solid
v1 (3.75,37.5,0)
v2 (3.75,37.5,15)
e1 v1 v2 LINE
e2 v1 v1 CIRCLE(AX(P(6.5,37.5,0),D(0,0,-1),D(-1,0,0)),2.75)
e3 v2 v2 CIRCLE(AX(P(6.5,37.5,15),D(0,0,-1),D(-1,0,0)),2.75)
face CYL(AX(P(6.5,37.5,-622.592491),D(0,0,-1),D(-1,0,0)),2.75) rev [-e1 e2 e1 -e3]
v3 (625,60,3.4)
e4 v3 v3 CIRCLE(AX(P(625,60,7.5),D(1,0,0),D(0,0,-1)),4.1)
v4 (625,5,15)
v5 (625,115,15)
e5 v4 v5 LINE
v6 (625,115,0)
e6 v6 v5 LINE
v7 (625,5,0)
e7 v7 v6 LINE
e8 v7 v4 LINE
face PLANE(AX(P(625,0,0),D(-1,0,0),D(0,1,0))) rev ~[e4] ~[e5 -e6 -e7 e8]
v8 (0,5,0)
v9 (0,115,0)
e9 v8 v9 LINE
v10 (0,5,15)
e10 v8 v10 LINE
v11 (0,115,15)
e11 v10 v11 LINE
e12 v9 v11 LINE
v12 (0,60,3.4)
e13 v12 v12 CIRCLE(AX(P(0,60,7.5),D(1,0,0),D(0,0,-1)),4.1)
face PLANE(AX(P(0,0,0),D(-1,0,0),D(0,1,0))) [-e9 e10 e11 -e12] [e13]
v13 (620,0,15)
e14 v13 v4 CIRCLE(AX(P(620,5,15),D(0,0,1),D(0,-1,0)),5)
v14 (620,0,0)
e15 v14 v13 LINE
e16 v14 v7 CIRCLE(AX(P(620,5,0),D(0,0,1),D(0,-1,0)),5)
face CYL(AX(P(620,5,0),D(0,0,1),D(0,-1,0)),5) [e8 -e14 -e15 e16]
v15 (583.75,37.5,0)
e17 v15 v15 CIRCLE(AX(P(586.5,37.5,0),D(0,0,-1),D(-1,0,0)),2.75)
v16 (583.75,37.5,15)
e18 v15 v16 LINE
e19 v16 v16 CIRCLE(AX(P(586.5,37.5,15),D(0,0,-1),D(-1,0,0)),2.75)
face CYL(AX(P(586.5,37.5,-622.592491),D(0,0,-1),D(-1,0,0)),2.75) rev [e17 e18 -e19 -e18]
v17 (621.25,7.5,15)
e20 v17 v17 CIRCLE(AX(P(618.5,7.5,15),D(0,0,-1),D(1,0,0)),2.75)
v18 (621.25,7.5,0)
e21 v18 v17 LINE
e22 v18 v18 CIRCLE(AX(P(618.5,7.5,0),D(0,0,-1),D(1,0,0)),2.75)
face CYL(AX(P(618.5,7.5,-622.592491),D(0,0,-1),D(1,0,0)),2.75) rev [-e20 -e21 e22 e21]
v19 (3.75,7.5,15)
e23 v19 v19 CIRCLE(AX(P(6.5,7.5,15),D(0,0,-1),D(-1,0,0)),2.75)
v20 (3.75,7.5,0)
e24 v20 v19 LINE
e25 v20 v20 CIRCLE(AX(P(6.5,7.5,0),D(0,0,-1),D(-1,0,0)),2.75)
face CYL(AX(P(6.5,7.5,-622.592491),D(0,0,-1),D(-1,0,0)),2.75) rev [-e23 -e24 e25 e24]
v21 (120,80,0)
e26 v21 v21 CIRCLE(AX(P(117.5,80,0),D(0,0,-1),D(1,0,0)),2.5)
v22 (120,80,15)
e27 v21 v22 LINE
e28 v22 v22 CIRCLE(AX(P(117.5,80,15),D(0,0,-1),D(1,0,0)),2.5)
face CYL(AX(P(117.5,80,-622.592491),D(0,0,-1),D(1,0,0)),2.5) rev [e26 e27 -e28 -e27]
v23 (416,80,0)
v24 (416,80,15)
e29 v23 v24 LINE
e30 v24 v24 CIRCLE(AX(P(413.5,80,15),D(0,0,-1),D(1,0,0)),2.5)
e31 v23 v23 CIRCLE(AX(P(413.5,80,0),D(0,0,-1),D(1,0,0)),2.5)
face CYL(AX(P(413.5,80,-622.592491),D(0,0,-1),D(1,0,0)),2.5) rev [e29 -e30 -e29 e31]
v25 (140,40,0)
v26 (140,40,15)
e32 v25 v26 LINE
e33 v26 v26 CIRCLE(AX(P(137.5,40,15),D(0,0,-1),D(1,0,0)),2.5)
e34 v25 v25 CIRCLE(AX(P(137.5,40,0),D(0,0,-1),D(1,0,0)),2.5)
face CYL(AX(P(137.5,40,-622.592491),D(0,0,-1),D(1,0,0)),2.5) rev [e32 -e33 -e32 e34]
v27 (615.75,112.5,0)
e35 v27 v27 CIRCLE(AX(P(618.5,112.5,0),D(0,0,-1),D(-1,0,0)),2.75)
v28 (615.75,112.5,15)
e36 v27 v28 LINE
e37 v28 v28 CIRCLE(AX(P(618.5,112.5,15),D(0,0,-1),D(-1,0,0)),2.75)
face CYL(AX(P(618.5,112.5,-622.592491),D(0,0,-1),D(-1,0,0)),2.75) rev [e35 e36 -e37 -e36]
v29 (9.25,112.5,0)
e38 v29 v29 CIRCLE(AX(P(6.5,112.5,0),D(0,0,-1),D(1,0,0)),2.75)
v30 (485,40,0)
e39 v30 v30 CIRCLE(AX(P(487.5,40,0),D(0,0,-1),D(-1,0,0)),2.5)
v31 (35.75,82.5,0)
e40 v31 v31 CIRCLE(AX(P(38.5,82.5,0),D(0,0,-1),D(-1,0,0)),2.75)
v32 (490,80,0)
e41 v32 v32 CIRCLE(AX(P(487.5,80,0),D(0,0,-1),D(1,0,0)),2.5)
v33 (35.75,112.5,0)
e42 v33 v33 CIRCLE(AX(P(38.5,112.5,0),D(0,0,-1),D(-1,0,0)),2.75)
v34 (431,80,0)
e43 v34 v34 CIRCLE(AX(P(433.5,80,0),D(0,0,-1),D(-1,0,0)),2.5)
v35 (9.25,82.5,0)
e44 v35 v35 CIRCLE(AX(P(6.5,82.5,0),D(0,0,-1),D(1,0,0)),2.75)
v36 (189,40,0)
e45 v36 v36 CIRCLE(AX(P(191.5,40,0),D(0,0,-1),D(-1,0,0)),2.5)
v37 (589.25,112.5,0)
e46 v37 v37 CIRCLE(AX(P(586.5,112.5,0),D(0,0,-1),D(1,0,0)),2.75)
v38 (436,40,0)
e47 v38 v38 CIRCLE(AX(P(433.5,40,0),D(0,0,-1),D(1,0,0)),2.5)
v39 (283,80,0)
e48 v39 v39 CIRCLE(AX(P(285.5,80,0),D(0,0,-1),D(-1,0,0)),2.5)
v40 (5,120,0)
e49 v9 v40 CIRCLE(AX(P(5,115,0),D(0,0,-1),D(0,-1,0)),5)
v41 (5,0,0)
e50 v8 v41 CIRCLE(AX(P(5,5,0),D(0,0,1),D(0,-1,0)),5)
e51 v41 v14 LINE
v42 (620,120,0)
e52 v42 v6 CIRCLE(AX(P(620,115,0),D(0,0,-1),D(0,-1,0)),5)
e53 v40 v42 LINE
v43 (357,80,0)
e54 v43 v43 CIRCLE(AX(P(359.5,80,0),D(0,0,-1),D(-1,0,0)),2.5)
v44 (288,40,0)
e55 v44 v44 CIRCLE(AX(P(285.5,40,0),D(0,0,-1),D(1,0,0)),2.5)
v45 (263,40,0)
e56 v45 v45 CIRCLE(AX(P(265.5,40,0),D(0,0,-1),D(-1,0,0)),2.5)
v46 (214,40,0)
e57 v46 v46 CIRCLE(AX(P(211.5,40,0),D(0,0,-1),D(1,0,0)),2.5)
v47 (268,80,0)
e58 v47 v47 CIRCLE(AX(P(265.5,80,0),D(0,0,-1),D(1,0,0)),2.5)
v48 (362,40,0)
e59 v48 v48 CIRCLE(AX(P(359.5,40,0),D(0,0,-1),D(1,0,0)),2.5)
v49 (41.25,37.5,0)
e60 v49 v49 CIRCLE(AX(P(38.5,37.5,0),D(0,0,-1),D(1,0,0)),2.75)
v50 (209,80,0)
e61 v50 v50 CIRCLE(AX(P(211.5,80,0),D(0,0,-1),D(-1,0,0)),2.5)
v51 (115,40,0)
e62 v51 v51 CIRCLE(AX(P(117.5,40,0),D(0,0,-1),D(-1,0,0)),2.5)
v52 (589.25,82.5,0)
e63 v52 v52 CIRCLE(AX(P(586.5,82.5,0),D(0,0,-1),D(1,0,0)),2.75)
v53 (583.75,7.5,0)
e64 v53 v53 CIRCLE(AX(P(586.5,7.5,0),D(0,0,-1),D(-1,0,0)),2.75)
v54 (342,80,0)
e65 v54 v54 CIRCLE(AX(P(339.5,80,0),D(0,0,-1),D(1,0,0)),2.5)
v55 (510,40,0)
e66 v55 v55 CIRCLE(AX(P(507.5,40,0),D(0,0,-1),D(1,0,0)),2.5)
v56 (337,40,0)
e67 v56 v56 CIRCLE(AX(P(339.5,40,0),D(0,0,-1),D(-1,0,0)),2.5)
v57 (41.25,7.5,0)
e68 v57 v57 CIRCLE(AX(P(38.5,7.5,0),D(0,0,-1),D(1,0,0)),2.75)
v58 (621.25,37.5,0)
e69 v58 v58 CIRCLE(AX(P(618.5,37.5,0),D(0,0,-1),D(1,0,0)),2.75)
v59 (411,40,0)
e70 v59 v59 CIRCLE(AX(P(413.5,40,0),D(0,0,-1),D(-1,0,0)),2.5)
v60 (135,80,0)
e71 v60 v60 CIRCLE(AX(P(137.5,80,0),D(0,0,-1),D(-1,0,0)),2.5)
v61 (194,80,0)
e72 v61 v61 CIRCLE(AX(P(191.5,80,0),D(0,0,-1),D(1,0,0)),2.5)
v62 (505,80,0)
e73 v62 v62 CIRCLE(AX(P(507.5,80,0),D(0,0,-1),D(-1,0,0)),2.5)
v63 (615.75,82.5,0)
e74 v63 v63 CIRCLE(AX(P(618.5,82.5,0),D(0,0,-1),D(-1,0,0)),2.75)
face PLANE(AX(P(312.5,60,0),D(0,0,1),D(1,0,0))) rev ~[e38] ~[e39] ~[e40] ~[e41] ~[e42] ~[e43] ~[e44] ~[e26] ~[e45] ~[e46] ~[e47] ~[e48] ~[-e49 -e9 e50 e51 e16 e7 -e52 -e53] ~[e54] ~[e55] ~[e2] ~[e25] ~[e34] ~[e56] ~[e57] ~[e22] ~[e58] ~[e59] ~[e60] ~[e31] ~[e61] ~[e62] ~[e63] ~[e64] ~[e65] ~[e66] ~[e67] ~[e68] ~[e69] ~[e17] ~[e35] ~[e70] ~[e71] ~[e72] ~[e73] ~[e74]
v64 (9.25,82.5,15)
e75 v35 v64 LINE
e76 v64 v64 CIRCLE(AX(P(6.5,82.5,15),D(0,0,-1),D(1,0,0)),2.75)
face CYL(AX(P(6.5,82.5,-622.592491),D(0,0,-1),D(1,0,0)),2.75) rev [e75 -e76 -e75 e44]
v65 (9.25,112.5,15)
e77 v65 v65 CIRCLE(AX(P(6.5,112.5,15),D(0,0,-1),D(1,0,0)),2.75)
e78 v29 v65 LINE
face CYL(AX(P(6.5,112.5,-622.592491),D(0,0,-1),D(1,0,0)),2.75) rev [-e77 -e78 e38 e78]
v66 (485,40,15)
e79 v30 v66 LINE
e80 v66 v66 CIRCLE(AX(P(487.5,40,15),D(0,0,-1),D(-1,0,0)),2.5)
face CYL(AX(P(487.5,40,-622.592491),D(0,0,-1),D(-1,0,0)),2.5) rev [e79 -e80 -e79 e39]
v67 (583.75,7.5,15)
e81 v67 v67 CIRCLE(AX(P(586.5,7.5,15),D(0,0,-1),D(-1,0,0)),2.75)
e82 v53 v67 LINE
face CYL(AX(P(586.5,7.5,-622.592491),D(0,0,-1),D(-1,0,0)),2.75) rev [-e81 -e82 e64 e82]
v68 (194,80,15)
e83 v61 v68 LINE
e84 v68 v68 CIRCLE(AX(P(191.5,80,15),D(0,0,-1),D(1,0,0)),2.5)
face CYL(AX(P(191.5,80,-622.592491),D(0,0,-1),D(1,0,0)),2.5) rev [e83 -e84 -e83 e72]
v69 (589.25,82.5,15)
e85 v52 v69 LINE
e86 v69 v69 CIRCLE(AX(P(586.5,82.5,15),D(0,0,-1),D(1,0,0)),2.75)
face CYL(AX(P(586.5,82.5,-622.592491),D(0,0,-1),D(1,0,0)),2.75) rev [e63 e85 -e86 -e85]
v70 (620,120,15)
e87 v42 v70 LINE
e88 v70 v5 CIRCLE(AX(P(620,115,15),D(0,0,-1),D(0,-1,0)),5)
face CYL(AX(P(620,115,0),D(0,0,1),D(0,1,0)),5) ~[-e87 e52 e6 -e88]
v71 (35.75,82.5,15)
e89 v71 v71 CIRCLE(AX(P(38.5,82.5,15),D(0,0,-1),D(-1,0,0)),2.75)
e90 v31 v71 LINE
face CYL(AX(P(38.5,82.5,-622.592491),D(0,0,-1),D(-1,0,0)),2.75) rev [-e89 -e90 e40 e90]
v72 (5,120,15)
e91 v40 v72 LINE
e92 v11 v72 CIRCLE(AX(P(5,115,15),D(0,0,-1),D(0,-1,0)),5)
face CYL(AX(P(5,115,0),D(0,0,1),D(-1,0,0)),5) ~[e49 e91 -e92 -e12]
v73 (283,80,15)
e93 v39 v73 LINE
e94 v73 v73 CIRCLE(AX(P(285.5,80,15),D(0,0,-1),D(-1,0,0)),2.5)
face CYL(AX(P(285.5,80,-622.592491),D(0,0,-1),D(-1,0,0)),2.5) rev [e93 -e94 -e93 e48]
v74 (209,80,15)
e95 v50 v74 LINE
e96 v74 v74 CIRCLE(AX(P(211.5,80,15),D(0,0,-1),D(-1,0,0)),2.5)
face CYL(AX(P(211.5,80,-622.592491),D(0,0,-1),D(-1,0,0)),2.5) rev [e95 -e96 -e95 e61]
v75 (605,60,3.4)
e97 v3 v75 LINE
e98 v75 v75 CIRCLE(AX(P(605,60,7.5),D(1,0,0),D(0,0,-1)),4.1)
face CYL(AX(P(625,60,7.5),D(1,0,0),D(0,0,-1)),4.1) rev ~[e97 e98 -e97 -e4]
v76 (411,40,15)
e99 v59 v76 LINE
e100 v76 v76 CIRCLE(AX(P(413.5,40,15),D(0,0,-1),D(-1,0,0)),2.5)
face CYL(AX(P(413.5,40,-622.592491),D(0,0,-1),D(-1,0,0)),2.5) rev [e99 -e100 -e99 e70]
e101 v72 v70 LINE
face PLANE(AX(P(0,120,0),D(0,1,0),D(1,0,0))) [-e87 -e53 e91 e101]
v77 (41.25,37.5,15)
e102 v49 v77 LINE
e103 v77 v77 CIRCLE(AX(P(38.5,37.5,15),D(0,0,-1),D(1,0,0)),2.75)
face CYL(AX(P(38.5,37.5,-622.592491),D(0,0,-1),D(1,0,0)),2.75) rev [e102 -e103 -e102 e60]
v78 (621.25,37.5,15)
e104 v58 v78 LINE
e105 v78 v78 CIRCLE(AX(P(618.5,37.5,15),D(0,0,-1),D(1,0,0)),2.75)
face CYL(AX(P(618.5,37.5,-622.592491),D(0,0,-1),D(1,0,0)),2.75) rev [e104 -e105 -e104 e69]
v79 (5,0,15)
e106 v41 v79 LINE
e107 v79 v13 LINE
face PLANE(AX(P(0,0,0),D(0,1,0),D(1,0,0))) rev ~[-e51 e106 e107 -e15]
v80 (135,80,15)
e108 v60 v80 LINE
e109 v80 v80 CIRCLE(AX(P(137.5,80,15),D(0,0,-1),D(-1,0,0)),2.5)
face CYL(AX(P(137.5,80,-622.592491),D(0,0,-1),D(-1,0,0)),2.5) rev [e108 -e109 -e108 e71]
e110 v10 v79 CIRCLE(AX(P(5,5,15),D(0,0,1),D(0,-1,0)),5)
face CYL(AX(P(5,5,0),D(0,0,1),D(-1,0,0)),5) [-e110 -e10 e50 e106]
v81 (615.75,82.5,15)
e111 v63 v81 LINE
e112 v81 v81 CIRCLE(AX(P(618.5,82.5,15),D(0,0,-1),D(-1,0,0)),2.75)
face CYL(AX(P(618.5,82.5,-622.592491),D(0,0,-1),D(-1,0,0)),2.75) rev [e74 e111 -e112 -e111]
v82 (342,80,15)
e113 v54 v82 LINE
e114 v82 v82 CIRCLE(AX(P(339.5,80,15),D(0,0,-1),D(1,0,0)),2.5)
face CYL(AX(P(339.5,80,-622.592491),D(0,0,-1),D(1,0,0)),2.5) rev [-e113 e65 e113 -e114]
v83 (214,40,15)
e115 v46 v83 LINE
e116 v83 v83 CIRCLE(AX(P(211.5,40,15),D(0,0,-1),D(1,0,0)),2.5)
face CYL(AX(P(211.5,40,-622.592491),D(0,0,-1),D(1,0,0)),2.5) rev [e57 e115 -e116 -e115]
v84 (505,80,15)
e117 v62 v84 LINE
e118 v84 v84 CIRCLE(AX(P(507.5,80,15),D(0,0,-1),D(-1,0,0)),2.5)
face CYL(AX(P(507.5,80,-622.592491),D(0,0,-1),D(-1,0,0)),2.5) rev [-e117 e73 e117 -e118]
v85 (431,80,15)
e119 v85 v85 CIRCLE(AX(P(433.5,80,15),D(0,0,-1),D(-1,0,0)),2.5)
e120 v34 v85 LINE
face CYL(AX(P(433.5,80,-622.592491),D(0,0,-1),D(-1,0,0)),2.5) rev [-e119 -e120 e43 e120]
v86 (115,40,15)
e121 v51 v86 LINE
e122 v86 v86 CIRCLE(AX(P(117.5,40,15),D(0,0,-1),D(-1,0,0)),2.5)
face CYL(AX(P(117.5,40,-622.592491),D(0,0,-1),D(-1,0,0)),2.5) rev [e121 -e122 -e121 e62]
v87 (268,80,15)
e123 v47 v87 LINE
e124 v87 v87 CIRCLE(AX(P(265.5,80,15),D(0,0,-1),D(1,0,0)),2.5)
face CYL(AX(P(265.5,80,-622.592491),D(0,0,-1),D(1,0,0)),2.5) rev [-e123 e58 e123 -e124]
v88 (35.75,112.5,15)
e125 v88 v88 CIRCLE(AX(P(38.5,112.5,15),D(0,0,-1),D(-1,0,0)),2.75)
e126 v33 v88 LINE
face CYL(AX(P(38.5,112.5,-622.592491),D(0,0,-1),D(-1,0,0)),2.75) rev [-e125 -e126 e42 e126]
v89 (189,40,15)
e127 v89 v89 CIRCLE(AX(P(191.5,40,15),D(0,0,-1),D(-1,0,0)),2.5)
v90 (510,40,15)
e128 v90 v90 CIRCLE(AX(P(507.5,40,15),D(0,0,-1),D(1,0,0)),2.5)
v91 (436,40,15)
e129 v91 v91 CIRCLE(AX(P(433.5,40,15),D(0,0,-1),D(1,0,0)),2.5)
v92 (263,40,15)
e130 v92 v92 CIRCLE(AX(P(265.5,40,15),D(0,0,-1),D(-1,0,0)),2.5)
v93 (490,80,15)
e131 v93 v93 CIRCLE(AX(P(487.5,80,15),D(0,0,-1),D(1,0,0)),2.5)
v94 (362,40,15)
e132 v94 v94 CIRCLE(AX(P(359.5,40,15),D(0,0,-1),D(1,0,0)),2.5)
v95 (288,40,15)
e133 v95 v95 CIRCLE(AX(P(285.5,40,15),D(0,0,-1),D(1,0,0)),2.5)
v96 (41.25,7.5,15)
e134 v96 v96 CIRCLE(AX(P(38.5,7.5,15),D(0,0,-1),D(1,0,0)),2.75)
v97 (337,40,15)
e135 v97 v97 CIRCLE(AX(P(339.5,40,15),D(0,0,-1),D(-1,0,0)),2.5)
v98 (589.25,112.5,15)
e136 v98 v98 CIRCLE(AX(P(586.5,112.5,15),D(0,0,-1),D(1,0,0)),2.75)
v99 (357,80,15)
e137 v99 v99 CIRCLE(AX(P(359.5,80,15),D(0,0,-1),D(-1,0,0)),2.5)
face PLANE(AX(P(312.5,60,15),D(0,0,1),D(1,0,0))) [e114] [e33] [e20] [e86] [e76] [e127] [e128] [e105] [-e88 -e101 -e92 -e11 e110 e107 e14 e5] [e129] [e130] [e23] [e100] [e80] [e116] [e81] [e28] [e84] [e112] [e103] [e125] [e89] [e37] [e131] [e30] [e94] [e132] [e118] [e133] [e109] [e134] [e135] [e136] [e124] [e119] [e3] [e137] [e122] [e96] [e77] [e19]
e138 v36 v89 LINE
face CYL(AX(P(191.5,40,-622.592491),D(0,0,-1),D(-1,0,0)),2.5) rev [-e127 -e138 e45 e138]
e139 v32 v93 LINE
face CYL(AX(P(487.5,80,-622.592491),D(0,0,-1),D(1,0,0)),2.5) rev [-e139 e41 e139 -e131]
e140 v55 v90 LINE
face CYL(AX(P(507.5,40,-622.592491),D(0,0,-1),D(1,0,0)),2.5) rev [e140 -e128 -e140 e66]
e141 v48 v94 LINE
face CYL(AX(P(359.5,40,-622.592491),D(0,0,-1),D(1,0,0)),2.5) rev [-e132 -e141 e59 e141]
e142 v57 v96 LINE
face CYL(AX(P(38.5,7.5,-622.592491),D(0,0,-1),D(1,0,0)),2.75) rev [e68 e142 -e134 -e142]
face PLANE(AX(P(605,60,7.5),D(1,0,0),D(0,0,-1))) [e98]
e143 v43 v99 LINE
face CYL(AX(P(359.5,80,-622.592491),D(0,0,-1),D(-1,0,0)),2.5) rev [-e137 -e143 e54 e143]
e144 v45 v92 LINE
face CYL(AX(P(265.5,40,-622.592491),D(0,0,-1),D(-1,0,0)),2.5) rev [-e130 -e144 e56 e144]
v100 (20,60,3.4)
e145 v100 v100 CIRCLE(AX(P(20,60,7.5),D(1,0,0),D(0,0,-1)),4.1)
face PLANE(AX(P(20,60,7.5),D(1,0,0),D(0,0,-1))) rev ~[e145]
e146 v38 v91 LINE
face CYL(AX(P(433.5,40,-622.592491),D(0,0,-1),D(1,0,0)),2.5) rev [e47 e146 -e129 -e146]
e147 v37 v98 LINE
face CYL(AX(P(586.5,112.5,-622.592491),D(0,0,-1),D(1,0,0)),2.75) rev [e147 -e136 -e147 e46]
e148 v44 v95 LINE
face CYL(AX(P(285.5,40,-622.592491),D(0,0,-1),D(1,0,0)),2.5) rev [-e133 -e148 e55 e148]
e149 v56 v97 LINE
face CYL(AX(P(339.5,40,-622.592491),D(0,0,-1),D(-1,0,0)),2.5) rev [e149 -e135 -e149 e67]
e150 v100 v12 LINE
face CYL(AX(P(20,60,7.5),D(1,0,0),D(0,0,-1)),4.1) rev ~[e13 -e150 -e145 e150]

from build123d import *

# Parameters (mm, degrees)
ESQUISSE1_W                  = 625
ESQUISSE1_H                  = 120
BOSS_EXTRU_1_DEPTH           = 15
ENL_V_MAT_EXTRU_1_DEPTH      = 637.592491316
ENL_V_MAT_EXTRU_1_DEPTH_BACK = 637.592491316
ESQUISSE2_R                  = 2.75
CONG_1_R                     = 5
ESQUISSE3_R                  = 4.1
ENL_V_MAT_EXTRU_2_DEPTH      = 20
ENL_V_START                  = -605
ESQUISSE3_2_R                = 4.1
ENL_V_MAT_EXTRU_3_DEPTH      = 20
ENL_V_MAT_EXTRU_4_DEPTH      = 637.592491316
ENL_V_MAT_EXTRU_4_DEPTH_BACK = 637.592491316
ESQUISSE4_R                  = 2.5


with BuildPart() as part:
    # Esquisse1 → Boss.-Extru.1 (new body)
    with BuildSketch(Plane.XY):
        with Locations((312.5, 60)):
            Rectangle(ESQUISSE1_W, ESQUISSE1_H)
    extrude(amount=BOSS_EXTRU_1_DEPTH)

    # Esquisse2 → Enlèv. mat.-Extru.1 (cut, two sides: drawn at the far end of the back side and taken through both)
    with BuildSketch(Plane.XY.offset(15).offset(-ENL_V_MAT_EXTRU_1_DEPTH_BACK)):
        with Locations((6.5, 112.5)):
            Circle(ESQUISSE2_R)
        with Locations((6.5, 82.5)):
            Circle(ESQUISSE2_R)
        with Locations(Location((38.5, 82.5, 0), (0, 0, 180))):
            Circle(ESQUISSE2_R)
        with Locations(Location((38.5, 112.5, 0), (0, 0, 180))):
            Circle(ESQUISSE2_R)
        with Locations((38.5, 7.5)):
            Circle(ESQUISSE2_R)
        with Locations((38.5, 37.5)):
            Circle(ESQUISSE2_R)
        with Locations(Location((6.5, 37.5, 0), (0, 0, 180))):
            Circle(ESQUISSE2_R)
        with Locations(Location((6.5, 7.5, 0), (0, 0, 180))):
            Circle(ESQUISSE2_R)
        with Locations((618.5, 7.5)):
            Circle(ESQUISSE2_R)
        with Locations((618.5, 37.5)):
            Circle(ESQUISSE2_R)
        with Locations(Location((586.5, 37.5, 0), (0, 0, 180))):
            Circle(ESQUISSE2_R)
        with Locations(Location((586.5, 7.5, 0), (0, 0, 180))):
            Circle(ESQUISSE2_R)
        with Locations((586.5, 112.5)):
            Circle(ESQUISSE2_R)
        with Locations((586.5, 82.5)):
            Circle(ESQUISSE2_R)
        with Locations(Location((618.5, 82.5, 0), (0, 0, 180))):
            Circle(ESQUISSE2_R)
        with Locations(Location((618.5, 112.5, 0), (0, 0, 180))):
            Circle(ESQUISSE2_R)
    extrude(amount=ENL_V_MAT_EXTRU_1_DEPTH + ENL_V_MAT_EXTRU_1_DEPTH_BACK, mode=Mode.SUBTRACT)

    # Congé1
    cong_1_edges = [part.edges().sort_by_distance(p)[0] for p in [
        (0, 120, 7.5),
        (625, 120, 7.5),
        (625, 0, 7.5),
        (0, 0, 7.5),
    ]]
    fillet(cong_1_edges, radius=CONG_1_R)

    # Esquisse3 → Enlèv. mat.-Extru.2 (cut)
    with BuildSketch(Plane(origin=(625, 0, 0), x_dir=(0, 0, -1), z_dir=(1, 0, 0))):
        with Locations((-7.5, 60)):
            Circle(ESQUISSE3_R)
    extrude(amount=-ENL_V_MAT_EXTRU_2_DEPTH, mode=Mode.SUBTRACT)

    # Esquisse3<2> → Enlèv. mat.-Extru.3 (cut)
    with BuildSketch(Plane(origin=(625, 0, 0), x_dir=(0, 0, -1), z_dir=(1, 0, 0)).offset(ENL_V_START)):
        with Locations((-7.5, 60)):
            Circle(ESQUISSE3_2_R)
    extrude(amount=-ENL_V_MAT_EXTRU_3_DEPTH, mode=Mode.SUBTRACT)

    # Esquisse4 → Enlèv. mat.-Extru.4 (cut, two sides: drawn at the far end of the back side and taken through both)
    with BuildSketch(Plane.XY.offset(15).offset(-ENL_V_MAT_EXTRU_4_DEPTH_BACK)):
        with Locations((265.5, 80)):
            Circle(ESQUISSE4_R)
        with Locations(Location((285.5, 80, 0), (0, 0, 180))):
            Circle(ESQUISSE4_R)
        with Locations((285.5, 40)):
            Circle(ESQUISSE4_R)
        with Locations(Location((265.5, 40, 0), (0, 0, 180))):
            Circle(ESQUISSE4_R)
        with Locations((359.5, 40)):
            Circle(ESQUISSE4_R)
        with Locations(Location((339.5, 40, 0), (0, 0, 180))):
            Circle(ESQUISSE4_R)
        with Locations((339.5, 80)):
            Circle(ESQUISSE4_R)
        with Locations(Location((359.5, 80, 0), (0, 0, 180))):
            Circle(ESQUISSE4_R)
        with Locations((211.5, 40)):
            Circle(ESQUISSE4_R)
        with Locations(Location((191.5, 40, 0), (0, 0, 180))):
            Circle(ESQUISSE4_R)
        with Locations((191.5, 80)):
            Circle(ESQUISSE4_R)
        with Locations(Location((211.5, 80, 0), (0, 0, 180))):
            Circle(ESQUISSE4_R)
        with Locations((117.5, 80)):
            Circle(ESQUISSE4_R)
        with Locations(Location((137.5, 80, 0), (0, 0, 180))):
            Circle(ESQUISSE4_R)
        with Locations((137.5, 40)):
            Circle(ESQUISSE4_R)
        with Locations(Location((117.5, 40, 0), (0, 0, 180))):
            Circle(ESQUISSE4_R)
        with Locations((507.5, 40)):
            Circle(ESQUISSE4_R)
        with Locations(Location((487.5, 40, 0), (0, 0, 180))):
            Circle(ESQUISSE4_R)
        with Locations((487.5, 80)):
            Circle(ESQUISSE4_R)
        with Locations(Location((507.5, 80, 0), (0, 0, 180))):
            Circle(ESQUISSE4_R)
        with Locations((413.5, 80)):
            Circle(ESQUISSE4_R)
        with Locations(Location((433.5, 80, 0), (0, 0, 180))):
            Circle(ESQUISSE4_R)
        with Locations((433.5, 40)):
            Circle(ESQUISSE4_R)
        with Locations(Location((413.5, 40, 0), (0, 0, 180))):
            Circle(ESQUISSE4_R)
    extrude(amount=ENL_V_MAT_EXTRU_4_DEPTH + ENL_V_MAT_EXTRU_4_DEPTH_BACK, mode=Mode.SUBTRACT)


solid = part.part
